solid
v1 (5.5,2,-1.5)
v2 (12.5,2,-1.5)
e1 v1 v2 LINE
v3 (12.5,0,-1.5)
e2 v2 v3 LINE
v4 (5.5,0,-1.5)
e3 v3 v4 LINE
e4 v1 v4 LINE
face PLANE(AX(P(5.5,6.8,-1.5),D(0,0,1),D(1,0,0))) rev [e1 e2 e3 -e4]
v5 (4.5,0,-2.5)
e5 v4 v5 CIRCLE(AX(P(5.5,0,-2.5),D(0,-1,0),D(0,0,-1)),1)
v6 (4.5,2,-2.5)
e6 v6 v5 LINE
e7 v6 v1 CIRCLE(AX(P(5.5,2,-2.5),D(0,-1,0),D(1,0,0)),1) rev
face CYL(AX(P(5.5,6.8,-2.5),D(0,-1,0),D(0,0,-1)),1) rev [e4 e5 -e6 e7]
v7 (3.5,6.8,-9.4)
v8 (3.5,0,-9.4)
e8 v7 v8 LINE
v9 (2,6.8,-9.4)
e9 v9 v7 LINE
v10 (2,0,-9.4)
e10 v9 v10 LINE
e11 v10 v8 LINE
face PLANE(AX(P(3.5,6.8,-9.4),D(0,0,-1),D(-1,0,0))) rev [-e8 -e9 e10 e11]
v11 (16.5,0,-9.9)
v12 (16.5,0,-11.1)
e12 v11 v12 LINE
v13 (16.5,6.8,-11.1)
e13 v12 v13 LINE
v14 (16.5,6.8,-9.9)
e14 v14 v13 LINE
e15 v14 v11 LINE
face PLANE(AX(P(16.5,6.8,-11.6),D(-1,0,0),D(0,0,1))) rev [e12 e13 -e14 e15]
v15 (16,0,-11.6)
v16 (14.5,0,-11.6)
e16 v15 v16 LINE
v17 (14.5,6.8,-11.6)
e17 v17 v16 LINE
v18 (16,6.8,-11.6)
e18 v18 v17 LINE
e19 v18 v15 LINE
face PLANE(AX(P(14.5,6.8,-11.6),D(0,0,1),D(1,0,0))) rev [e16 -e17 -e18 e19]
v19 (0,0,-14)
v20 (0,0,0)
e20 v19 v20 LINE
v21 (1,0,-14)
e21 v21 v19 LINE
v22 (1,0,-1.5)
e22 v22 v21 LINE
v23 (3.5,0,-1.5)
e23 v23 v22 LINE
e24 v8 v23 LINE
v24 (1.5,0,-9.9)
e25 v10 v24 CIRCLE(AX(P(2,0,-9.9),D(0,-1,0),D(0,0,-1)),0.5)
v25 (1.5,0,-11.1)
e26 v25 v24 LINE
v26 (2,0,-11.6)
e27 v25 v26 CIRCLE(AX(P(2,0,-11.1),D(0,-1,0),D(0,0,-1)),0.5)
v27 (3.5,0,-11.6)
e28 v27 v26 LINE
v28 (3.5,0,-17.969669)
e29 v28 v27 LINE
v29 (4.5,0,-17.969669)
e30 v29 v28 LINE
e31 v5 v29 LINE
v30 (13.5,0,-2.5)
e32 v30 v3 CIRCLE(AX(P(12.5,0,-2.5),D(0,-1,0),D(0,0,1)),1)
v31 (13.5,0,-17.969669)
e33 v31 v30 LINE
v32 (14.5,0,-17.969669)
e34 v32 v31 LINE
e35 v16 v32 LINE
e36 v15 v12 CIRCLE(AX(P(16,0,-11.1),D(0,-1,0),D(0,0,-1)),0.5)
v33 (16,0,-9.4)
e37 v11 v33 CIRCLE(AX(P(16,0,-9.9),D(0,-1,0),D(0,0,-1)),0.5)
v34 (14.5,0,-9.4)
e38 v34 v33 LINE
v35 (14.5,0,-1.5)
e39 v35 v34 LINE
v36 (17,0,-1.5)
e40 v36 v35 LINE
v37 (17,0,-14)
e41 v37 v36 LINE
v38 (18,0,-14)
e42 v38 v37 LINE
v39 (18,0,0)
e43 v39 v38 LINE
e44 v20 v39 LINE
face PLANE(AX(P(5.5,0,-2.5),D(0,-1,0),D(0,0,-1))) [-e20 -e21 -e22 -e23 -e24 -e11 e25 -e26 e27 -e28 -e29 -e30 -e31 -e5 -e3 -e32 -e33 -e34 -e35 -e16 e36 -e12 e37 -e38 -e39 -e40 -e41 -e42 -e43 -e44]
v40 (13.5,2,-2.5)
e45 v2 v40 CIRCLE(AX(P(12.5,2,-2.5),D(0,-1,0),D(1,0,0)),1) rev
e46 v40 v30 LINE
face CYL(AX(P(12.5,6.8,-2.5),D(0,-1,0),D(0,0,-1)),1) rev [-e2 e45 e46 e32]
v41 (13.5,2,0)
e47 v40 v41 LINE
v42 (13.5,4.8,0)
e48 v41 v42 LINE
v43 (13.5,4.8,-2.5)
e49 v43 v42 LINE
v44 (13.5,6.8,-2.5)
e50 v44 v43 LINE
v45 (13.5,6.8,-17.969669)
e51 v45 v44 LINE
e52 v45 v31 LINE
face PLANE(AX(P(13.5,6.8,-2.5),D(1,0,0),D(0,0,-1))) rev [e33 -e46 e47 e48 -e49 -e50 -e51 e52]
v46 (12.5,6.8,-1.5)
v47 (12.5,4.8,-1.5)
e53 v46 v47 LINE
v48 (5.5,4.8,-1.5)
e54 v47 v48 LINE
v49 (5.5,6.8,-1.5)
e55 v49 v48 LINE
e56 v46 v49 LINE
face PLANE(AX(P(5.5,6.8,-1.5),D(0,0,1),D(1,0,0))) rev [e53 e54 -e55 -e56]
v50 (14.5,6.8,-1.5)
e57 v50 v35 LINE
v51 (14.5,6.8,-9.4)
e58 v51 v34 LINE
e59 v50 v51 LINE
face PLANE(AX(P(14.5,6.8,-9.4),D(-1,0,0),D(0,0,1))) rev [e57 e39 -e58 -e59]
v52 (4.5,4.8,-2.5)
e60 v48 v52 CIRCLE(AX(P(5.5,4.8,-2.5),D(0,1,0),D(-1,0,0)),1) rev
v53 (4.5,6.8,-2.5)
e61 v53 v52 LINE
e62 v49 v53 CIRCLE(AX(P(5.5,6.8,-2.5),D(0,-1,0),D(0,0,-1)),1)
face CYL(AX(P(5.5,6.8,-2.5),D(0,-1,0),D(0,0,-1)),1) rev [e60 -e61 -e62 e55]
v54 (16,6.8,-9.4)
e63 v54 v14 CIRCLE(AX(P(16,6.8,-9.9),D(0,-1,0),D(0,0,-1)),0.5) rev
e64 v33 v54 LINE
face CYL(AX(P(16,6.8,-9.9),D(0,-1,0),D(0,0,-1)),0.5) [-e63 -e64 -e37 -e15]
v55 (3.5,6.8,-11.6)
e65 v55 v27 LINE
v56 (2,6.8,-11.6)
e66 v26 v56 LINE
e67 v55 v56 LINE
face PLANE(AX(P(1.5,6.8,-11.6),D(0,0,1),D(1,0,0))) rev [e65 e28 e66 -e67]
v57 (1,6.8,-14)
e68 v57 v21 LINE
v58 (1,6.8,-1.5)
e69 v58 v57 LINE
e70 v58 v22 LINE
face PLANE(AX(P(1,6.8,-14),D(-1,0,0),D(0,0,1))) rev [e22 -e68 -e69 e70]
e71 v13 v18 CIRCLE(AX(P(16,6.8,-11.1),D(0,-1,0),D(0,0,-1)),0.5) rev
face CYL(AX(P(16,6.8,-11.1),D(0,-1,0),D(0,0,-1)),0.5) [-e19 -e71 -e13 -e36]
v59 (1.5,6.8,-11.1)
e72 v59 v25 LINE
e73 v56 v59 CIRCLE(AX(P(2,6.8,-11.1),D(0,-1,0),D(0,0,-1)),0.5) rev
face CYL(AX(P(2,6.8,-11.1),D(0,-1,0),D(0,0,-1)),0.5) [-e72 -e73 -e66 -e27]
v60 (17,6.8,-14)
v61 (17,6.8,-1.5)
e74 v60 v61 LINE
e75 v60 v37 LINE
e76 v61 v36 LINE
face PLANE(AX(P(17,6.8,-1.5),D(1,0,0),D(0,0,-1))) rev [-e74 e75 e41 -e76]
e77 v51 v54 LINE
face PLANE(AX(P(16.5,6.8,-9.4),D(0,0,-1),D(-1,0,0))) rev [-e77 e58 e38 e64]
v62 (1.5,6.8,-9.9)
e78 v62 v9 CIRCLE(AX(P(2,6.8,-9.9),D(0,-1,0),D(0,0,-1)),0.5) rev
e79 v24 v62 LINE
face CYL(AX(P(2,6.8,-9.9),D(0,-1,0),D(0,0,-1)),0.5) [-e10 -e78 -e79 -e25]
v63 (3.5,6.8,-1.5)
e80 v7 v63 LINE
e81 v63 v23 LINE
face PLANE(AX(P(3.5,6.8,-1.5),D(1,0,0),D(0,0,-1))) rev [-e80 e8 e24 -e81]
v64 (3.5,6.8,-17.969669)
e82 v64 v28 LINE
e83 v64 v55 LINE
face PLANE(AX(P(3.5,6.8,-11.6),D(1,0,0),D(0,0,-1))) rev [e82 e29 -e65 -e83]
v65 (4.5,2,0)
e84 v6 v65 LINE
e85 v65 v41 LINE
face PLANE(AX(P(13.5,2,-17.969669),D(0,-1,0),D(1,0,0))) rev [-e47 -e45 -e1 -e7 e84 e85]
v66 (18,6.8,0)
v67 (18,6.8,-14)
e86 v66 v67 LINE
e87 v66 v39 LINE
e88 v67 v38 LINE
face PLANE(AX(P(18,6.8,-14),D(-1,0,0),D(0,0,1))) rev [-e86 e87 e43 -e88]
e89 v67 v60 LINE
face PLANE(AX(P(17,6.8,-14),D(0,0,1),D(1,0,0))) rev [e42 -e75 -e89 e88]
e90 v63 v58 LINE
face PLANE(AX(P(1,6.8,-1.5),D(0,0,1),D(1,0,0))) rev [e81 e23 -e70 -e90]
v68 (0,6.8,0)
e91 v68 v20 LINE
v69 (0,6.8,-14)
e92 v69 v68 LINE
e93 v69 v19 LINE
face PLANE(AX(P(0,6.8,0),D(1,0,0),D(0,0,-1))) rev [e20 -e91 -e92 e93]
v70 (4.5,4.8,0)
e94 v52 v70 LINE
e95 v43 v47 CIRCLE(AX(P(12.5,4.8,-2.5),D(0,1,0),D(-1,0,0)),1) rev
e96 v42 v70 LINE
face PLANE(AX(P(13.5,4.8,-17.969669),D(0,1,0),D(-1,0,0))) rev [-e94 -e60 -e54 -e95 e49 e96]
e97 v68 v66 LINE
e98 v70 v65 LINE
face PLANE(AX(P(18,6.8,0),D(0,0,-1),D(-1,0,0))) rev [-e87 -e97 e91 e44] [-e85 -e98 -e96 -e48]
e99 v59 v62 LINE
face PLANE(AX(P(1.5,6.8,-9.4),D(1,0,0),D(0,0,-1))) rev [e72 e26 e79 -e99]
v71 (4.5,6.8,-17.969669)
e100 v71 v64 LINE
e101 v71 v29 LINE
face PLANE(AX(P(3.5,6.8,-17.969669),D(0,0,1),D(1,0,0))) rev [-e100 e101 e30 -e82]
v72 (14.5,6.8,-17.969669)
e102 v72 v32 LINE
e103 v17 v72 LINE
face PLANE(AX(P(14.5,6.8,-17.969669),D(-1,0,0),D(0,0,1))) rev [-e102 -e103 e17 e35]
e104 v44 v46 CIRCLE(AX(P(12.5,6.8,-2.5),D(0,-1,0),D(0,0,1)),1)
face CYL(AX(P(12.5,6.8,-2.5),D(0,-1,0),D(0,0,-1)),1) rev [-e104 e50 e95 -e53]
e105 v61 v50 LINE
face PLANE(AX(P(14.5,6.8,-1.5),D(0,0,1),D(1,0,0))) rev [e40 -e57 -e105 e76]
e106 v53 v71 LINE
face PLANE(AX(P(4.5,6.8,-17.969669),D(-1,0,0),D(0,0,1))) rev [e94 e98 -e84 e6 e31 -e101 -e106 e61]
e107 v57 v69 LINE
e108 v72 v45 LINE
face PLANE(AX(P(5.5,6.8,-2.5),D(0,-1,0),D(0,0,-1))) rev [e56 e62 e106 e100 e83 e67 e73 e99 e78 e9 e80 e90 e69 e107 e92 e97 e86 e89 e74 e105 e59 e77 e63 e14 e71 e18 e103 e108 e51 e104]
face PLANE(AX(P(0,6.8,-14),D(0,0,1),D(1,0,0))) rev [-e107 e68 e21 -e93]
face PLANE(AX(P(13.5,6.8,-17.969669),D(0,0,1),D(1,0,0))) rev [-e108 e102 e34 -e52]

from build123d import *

# Parameters (mm, degrees)
SALIENTE_EXTRUIR1_DEPTH = 6.8
CROQUIS2_W              = 9
CROQUIS2_H              = 2.8
CORTAR_EXTRUIR1_DEPTH   = 18.969669092
REDONDEO1_R             = 0.5
REDONDEO2_R             = 0.5
REDONDEO3_R             = 0.5
REDONDEO4_R             = 0.5


with BuildPart() as part:
    # Croquis1 → Saliente-Extruir1 (new body)
    with BuildSketch(Plane(origin=(0, 0, 0), x_dir=(1, 0, 0), z_dir=(0, 1, 0))):
        with BuildLine():
            Line((0, 0), (0, 14))
            Line((0, 14), (1, 14))
            Line((1, 14), (1, 1.5))
            Line((1, 1.5), (3.5, 1.5))
            Line((3.5, 1.5), (3.5, 9.4))
            Line((3.5, 9.4), (1.5, 9.4))
            Line((1.5, 9.4), (1.5, 11.6))
            Line((1.5, 11.6), (3.5, 11.6))
            Line((3.5, 11.6), (3.5, 17.969669092))
            Line((3.5, 17.969669092), (4.5, 17.969669092))
            Line((4.5, 17.969669092), (4.5, 2.5))
            ThreePointArc((4.5, 2.5), (4.792893219, 1.792893219), (5.5, 1.5))
            Line((5.5, 1.5), (12.5, 1.5))
            ThreePointArc((12.5, 1.5), (13.207106781, 1.792893219), (13.5, 2.5))
            Line((13.5, 2.5), (13.5, 17.969669092))
            Line((13.5, 17.969669092), (14.5, 17.969669092))
            Line((14.5, 17.969669092), (14.5, 11.6))
            Line((14.5, 11.6), (16.5, 11.6))
            Line((16.5, 11.6), (16.5, 9.4))
            Line((16.5, 9.4), (14.5, 9.4))
            Line((14.5, 9.4), (14.5, 1.5))
            Line((14.5, 1.5), (17, 1.5))
            Line((17, 1.5), (17, 14))
            Line((17, 14), (18, 14))
            Line((18, 14), (18, 0))
            Line((18, 0), (0, 0))
        make_face()
    extrude(amount=SALIENTE_EXTRUIR1_DEPTH)

    # Croquis2 → Cortar-Extruir1 (cut, through all)
    with BuildSketch(Plane.XY):
        with Locations((9, 3.4)):
            Rectangle(CROQUIS2_W, CROQUIS2_H)
    extrude(amount=-CORTAR_EXTRUIR1_DEPTH, mode=Mode.SUBTRACT)

    # Redondeo1
    redondeo1_edges = [part.edges().sort_by_distance(p)[0] for p in [
        (16.5, 3.4, -11.6),
    ]]
    fillet(redondeo1_edges, radius=REDONDEO1_R)

    # Redondeo2
    redondeo2_edges = [part.edges().sort_by_distance(p)[0] for p in [
        (16.5, 3.4, -9.4),
    ]]
    fillet(redondeo2_edges, radius=REDONDEO2_R)

    # Redondeo3
    redondeo3_edges = [part.edges().sort_by_distance(p)[0] for p in [
        (1.5, 3.4, -9.4),
    ]]
    fillet(redondeo3_edges, radius=REDONDEO3_R)

    # Redondeo4
    redondeo4_edges = [part.edges().sort_by_distance(p)[0] for p in [
        (1.5, 3.4, -11.6),
    ]]
    fillet(redondeo4_edges, radius=REDONDEO4_R)


solid = part.part
